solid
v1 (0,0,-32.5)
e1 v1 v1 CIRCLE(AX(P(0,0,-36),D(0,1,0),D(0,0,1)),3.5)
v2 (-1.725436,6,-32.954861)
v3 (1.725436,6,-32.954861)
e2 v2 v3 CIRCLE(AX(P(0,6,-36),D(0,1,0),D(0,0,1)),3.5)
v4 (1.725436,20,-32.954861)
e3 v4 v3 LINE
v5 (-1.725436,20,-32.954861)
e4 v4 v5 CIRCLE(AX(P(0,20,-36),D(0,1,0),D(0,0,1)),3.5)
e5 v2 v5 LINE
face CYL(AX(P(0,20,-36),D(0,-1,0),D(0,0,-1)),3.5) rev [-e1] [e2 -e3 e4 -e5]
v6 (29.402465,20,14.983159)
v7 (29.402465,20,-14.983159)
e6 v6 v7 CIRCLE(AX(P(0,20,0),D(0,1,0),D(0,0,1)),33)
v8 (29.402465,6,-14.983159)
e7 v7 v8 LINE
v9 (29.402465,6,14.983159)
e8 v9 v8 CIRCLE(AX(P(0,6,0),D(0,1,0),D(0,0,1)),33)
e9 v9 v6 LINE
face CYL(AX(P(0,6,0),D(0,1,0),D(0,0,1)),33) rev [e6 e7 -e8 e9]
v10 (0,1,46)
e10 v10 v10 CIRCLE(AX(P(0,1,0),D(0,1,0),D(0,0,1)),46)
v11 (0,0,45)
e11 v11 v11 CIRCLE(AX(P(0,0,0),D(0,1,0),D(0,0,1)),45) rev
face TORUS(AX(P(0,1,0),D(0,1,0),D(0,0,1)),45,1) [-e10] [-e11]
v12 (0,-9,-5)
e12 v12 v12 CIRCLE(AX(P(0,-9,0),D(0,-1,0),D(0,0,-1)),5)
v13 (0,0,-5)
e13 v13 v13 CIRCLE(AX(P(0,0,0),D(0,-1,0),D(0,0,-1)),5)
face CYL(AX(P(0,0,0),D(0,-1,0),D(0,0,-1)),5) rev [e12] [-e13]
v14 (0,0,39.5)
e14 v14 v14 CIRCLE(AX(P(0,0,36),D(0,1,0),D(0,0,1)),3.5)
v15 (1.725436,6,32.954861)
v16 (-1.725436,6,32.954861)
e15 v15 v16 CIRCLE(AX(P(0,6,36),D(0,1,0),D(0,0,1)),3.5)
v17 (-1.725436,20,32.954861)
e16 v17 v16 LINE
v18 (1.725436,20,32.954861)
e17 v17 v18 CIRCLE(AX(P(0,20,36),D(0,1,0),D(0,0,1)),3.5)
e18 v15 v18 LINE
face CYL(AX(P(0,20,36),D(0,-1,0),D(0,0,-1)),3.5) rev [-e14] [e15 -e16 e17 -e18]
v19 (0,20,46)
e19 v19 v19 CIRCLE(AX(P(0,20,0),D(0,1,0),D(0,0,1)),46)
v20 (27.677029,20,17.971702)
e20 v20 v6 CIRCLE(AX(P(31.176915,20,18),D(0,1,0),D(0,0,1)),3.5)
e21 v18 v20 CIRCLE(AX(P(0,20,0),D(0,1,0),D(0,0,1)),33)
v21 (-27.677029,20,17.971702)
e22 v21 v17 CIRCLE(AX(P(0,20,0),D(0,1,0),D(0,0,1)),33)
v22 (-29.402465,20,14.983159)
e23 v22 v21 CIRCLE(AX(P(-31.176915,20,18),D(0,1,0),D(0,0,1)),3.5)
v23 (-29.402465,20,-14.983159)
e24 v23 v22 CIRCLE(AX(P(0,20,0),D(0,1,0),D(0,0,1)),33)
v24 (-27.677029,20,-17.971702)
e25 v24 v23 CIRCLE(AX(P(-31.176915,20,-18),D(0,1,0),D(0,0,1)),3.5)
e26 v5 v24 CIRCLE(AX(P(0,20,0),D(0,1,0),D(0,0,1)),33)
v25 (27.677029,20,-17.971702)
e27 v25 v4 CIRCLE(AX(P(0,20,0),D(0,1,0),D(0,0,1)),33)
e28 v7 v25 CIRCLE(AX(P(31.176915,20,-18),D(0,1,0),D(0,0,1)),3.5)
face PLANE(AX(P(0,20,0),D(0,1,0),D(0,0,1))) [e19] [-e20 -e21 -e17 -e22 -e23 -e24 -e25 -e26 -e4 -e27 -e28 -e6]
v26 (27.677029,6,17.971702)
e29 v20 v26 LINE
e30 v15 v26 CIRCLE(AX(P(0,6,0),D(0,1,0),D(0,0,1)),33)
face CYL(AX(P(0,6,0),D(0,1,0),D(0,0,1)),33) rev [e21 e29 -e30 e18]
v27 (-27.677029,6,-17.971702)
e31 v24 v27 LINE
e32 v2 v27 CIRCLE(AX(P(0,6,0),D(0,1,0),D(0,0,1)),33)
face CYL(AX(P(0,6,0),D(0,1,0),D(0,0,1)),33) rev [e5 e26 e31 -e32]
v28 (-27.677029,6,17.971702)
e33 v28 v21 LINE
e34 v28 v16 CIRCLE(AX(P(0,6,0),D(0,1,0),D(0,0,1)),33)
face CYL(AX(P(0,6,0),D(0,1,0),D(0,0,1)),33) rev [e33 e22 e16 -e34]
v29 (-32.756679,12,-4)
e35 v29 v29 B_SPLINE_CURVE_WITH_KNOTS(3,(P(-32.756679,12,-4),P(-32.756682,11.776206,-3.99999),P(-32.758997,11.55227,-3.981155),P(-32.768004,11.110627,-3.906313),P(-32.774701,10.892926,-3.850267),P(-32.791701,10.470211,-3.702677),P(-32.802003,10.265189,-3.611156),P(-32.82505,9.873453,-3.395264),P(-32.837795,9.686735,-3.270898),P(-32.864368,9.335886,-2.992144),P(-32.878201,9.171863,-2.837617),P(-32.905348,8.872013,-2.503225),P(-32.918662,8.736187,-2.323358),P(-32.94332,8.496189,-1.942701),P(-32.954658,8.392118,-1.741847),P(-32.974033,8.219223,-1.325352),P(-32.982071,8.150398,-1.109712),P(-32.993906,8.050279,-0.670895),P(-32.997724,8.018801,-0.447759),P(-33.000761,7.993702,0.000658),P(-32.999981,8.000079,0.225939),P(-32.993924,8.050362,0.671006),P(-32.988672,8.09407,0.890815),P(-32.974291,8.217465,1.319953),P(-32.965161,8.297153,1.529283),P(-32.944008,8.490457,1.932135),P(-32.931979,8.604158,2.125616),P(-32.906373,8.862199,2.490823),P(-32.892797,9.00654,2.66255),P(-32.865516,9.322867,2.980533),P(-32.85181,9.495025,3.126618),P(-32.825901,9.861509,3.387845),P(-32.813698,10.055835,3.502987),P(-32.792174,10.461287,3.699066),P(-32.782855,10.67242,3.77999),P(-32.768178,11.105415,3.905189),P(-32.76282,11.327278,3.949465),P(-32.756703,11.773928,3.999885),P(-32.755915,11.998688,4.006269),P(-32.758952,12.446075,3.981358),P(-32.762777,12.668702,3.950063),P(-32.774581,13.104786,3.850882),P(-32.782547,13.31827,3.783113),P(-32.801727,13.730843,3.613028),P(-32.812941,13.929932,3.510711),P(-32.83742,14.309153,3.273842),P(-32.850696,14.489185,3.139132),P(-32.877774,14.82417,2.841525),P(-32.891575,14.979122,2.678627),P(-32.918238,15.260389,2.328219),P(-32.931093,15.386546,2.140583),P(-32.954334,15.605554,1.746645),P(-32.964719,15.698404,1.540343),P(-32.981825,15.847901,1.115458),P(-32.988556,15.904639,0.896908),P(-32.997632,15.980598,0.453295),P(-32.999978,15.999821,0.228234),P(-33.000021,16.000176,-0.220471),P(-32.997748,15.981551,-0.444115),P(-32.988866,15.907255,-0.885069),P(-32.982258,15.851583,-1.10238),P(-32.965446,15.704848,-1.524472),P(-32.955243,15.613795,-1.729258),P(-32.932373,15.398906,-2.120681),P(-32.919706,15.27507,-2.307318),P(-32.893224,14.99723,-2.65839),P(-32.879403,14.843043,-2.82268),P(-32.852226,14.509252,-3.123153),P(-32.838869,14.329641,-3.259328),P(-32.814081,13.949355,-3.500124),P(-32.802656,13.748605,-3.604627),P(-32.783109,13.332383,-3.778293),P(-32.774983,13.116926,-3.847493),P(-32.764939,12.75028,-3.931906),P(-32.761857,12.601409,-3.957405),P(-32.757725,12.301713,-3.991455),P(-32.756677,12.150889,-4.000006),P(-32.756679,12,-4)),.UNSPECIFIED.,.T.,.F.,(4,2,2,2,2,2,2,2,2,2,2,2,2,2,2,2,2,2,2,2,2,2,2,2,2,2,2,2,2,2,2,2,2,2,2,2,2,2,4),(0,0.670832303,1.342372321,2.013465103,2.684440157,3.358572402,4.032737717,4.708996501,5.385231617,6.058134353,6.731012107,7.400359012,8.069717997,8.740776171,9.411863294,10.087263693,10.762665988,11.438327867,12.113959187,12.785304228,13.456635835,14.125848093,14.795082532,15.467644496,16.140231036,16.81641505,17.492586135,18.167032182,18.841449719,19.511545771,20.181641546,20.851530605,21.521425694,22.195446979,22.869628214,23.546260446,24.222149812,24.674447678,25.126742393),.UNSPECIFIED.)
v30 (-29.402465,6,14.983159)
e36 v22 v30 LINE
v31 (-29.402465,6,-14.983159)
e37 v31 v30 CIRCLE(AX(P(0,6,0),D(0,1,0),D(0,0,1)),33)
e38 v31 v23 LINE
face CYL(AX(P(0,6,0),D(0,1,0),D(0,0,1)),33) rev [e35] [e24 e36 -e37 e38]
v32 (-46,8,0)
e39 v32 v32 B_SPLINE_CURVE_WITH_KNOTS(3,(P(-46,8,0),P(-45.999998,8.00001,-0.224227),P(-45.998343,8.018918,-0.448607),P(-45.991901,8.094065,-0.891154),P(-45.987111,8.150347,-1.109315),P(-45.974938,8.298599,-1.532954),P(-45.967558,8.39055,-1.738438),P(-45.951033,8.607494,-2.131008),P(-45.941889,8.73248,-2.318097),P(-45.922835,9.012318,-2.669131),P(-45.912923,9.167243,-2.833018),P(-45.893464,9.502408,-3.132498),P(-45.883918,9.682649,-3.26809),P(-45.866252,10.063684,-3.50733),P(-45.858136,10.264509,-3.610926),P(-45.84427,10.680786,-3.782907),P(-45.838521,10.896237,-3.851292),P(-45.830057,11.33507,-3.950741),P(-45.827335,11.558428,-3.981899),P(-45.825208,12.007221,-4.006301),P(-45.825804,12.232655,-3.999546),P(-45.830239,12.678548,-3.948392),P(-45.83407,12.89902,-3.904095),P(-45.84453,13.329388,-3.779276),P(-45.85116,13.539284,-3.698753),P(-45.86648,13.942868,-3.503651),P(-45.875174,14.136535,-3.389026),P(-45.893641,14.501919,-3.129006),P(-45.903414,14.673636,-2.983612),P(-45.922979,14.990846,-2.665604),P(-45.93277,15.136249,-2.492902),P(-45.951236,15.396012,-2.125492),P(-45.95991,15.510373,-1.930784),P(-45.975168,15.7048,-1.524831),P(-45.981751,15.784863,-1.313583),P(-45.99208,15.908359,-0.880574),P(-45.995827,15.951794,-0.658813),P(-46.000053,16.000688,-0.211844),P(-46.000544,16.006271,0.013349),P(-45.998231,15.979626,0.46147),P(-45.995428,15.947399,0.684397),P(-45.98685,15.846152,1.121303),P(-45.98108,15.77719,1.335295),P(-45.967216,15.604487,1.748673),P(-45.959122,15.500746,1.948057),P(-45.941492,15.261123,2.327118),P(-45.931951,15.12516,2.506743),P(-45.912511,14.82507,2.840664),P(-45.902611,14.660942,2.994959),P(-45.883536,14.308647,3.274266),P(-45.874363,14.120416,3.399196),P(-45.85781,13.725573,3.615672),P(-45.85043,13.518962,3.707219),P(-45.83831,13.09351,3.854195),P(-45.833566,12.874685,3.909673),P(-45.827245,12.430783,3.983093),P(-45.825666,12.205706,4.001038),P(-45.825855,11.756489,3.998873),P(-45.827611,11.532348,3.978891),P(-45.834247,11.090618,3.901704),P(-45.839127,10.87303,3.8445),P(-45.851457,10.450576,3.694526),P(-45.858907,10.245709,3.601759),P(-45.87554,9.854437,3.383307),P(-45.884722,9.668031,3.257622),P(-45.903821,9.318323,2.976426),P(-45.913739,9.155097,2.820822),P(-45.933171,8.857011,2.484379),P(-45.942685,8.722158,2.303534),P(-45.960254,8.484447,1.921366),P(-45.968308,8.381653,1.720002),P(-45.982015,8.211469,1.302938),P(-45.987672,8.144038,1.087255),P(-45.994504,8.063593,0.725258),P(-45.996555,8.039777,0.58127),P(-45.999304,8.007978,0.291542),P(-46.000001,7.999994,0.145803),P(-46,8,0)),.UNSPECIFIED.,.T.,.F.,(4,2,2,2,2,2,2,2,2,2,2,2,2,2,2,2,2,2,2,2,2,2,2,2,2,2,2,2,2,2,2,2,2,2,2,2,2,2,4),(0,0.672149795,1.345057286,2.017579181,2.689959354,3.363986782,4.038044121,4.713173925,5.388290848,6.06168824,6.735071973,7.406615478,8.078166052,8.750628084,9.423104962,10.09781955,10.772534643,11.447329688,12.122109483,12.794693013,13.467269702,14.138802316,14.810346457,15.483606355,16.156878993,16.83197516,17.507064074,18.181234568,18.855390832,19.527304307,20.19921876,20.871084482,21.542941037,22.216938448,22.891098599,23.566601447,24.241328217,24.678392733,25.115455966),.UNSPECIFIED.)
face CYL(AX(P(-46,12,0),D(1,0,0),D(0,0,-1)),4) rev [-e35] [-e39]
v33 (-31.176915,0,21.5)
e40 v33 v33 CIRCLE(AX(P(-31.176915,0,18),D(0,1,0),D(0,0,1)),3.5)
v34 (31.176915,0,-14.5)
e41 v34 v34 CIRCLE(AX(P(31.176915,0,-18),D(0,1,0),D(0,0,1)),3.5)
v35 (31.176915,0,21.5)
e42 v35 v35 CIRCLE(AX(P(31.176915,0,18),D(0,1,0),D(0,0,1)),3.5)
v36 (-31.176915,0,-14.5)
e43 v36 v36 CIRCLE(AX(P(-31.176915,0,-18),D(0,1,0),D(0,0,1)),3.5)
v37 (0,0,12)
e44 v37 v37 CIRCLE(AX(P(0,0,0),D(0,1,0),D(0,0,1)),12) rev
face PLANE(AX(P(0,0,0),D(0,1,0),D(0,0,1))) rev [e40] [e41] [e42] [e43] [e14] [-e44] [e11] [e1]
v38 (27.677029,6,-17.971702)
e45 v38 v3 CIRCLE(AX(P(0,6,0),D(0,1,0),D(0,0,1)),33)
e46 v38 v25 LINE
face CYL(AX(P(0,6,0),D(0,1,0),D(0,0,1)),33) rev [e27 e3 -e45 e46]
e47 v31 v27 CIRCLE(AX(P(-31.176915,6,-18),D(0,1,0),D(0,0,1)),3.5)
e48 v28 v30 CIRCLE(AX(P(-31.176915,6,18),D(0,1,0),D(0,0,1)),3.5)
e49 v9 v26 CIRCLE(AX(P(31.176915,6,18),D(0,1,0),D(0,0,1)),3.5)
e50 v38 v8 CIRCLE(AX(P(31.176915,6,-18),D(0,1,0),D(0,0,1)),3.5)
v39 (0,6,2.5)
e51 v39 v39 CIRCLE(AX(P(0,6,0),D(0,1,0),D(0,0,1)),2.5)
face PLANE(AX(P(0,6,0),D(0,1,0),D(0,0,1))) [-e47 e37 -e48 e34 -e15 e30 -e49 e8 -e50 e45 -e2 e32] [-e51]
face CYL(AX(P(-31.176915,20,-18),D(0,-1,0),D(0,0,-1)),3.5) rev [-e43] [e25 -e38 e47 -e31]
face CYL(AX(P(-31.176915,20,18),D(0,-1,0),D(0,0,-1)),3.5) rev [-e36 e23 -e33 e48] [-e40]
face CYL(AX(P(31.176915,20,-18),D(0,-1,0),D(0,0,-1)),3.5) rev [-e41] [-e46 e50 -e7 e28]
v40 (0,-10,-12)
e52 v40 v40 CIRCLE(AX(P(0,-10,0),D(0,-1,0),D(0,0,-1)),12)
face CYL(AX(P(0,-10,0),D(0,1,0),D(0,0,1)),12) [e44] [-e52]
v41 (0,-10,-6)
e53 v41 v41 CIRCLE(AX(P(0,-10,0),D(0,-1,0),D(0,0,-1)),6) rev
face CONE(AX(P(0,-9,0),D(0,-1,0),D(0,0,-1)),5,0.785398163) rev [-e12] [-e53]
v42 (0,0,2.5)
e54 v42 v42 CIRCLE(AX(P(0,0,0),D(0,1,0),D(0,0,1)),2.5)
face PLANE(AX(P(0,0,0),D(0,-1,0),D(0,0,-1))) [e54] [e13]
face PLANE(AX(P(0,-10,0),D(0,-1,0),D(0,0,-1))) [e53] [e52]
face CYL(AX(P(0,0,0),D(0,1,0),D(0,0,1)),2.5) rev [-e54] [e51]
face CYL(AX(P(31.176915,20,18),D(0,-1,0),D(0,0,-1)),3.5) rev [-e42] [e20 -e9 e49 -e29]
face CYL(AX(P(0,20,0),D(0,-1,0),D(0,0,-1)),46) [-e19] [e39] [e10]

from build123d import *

# Parameters (mm, degrees)
SKETCH1_R           = 46
SKETCH1_R_2         = 3.5
BOSS_EXTRUDE1_DEPTH = 20
SKETCH2_R           = 33
CUT_EXTRUDE1_DEPTH  = 14
FILLET2_R           = 1
SKETCH3_R           = 12
BOSS_EXTRUDE2_DEPTH = 10
SKETCH4_R           = 2.5
CUT_EXTRUDE2_DEPTH  = 6
SKETCH5_R           = 5
CUT_EXTRUDE3_DEPTH  = 10
CHAMFER1_SIZE       = 1
SKETCH6_R           = 4
CUT_EXTRUDE4_DEPTH  = 69.058798176


with BuildPart() as part:
    # Sketch1 → Boss-Extrude1 (new body)
    with BuildSketch(Plane(origin=(0, 0, 0), x_dir=(1, 0, 0), z_dir=(0, 1, 0))):
        with Locations(Location((0, 0, 0), (0, 0, 270))):
            Circle(SKETCH1_R)
        with Locations(Location((0, 36, 0), (0, 0, 270))):
            Circle(SKETCH1_R_2, mode=Mode.SUBTRACT)
        with Locations(Location((-31.176914536, 18, 0), (0, 0, 270))):
            Circle(SKETCH1_R_2, mode=Mode.SUBTRACT)
        with Locations(Location((-31.176914536, -18, 0), (0, 0, 270))):
            Circle(SKETCH1_R_2, mode=Mode.SUBTRACT)
        with Locations(Location((0, -36, 0), (0, 0, 270))):
            Circle(SKETCH1_R_2, mode=Mode.SUBTRACT)
        with Locations(Location((31.176914536, -18, 0), (0, 0, 270))):
            Circle(SKETCH1_R_2, mode=Mode.SUBTRACT)
        with Locations(Location((31.176914536, 18, 0), (0, 0, 270))):
            Circle(SKETCH1_R_2, mode=Mode.SUBTRACT)
    extrude(amount=BOSS_EXTRUDE1_DEPTH)

    # Sketch2 → Cut-Extrude1 (cut)
    with BuildSketch(Plane(origin=(0, 20, 0), x_dir=(1, 0, 0), z_dir=(0, 1, 0))):
        Circle(SKETCH2_R)
    extrude(amount=-CUT_EXTRUDE1_DEPTH, mode=Mode.SUBTRACT)

    # Fillet2
    fillet2_edges = [part.edges().sort_by_distance(p)[0] for p in [
        (0, 0, -46),
    ]]
    fillet(fillet2_edges, radius=FILLET2_R)

    # Sketch3 → Boss-Extrude2 (add)
    with BuildSketch(Plane(origin=(0, 0, 0), x_dir=(-1, 0, 0), z_dir=(0, -1, 0))):
        with Locations(Location((0, 0, 0), (0, 0, 270))):
            Circle(SKETCH3_R)
    extrude(amount=BOSS_EXTRUDE2_DEPTH)

    # Sketch4 → Cut-Extrude2 (cut)
    with BuildSketch(Plane(origin=(0, 6, 0), x_dir=(1, 0, 0), z_dir=(0, 1, 0))):
        with Locations(Location((0, 0, 0), (0, 0, 270))):
            Circle(SKETCH4_R)
    extrude(amount=-CUT_EXTRUDE2_DEPTH, mode=Mode.SUBTRACT)

    # Sketch5 → Cut-Extrude3 (cut)
    with BuildSketch(Plane(origin=(0, -10, 0), x_dir=(-1, 0, 0), z_dir=(0, -1, 0))):
        with Locations(Location((0, 0, 0), (0, 0, 90))):
            Circle(SKETCH5_R)
    extrude(amount=-CUT_EXTRUDE3_DEPTH, mode=Mode.SUBTRACT)

    # Chamfer1
    chamfer1_edges = [part.edges().sort_by_distance(p)[0] for p in [
        (0, -10, 5),
    ]]
    chamfer(chamfer1_edges, length=CHAMFER1_SIZE)

    # Sketch6 → Cut-Extrude4 (cut, through all)
    with BuildSketch(Plane(origin=(0, 0, 0), x_dir=(0, 0, -1), z_dir=(1, 0, 0))):
        with Locations((0, 12)):
            Circle(SKETCH6_R)
    extrude(amount=-CUT_EXTRUDE4_DEPTH, mode=Mode.SUBTRACT)


solid = part.part
